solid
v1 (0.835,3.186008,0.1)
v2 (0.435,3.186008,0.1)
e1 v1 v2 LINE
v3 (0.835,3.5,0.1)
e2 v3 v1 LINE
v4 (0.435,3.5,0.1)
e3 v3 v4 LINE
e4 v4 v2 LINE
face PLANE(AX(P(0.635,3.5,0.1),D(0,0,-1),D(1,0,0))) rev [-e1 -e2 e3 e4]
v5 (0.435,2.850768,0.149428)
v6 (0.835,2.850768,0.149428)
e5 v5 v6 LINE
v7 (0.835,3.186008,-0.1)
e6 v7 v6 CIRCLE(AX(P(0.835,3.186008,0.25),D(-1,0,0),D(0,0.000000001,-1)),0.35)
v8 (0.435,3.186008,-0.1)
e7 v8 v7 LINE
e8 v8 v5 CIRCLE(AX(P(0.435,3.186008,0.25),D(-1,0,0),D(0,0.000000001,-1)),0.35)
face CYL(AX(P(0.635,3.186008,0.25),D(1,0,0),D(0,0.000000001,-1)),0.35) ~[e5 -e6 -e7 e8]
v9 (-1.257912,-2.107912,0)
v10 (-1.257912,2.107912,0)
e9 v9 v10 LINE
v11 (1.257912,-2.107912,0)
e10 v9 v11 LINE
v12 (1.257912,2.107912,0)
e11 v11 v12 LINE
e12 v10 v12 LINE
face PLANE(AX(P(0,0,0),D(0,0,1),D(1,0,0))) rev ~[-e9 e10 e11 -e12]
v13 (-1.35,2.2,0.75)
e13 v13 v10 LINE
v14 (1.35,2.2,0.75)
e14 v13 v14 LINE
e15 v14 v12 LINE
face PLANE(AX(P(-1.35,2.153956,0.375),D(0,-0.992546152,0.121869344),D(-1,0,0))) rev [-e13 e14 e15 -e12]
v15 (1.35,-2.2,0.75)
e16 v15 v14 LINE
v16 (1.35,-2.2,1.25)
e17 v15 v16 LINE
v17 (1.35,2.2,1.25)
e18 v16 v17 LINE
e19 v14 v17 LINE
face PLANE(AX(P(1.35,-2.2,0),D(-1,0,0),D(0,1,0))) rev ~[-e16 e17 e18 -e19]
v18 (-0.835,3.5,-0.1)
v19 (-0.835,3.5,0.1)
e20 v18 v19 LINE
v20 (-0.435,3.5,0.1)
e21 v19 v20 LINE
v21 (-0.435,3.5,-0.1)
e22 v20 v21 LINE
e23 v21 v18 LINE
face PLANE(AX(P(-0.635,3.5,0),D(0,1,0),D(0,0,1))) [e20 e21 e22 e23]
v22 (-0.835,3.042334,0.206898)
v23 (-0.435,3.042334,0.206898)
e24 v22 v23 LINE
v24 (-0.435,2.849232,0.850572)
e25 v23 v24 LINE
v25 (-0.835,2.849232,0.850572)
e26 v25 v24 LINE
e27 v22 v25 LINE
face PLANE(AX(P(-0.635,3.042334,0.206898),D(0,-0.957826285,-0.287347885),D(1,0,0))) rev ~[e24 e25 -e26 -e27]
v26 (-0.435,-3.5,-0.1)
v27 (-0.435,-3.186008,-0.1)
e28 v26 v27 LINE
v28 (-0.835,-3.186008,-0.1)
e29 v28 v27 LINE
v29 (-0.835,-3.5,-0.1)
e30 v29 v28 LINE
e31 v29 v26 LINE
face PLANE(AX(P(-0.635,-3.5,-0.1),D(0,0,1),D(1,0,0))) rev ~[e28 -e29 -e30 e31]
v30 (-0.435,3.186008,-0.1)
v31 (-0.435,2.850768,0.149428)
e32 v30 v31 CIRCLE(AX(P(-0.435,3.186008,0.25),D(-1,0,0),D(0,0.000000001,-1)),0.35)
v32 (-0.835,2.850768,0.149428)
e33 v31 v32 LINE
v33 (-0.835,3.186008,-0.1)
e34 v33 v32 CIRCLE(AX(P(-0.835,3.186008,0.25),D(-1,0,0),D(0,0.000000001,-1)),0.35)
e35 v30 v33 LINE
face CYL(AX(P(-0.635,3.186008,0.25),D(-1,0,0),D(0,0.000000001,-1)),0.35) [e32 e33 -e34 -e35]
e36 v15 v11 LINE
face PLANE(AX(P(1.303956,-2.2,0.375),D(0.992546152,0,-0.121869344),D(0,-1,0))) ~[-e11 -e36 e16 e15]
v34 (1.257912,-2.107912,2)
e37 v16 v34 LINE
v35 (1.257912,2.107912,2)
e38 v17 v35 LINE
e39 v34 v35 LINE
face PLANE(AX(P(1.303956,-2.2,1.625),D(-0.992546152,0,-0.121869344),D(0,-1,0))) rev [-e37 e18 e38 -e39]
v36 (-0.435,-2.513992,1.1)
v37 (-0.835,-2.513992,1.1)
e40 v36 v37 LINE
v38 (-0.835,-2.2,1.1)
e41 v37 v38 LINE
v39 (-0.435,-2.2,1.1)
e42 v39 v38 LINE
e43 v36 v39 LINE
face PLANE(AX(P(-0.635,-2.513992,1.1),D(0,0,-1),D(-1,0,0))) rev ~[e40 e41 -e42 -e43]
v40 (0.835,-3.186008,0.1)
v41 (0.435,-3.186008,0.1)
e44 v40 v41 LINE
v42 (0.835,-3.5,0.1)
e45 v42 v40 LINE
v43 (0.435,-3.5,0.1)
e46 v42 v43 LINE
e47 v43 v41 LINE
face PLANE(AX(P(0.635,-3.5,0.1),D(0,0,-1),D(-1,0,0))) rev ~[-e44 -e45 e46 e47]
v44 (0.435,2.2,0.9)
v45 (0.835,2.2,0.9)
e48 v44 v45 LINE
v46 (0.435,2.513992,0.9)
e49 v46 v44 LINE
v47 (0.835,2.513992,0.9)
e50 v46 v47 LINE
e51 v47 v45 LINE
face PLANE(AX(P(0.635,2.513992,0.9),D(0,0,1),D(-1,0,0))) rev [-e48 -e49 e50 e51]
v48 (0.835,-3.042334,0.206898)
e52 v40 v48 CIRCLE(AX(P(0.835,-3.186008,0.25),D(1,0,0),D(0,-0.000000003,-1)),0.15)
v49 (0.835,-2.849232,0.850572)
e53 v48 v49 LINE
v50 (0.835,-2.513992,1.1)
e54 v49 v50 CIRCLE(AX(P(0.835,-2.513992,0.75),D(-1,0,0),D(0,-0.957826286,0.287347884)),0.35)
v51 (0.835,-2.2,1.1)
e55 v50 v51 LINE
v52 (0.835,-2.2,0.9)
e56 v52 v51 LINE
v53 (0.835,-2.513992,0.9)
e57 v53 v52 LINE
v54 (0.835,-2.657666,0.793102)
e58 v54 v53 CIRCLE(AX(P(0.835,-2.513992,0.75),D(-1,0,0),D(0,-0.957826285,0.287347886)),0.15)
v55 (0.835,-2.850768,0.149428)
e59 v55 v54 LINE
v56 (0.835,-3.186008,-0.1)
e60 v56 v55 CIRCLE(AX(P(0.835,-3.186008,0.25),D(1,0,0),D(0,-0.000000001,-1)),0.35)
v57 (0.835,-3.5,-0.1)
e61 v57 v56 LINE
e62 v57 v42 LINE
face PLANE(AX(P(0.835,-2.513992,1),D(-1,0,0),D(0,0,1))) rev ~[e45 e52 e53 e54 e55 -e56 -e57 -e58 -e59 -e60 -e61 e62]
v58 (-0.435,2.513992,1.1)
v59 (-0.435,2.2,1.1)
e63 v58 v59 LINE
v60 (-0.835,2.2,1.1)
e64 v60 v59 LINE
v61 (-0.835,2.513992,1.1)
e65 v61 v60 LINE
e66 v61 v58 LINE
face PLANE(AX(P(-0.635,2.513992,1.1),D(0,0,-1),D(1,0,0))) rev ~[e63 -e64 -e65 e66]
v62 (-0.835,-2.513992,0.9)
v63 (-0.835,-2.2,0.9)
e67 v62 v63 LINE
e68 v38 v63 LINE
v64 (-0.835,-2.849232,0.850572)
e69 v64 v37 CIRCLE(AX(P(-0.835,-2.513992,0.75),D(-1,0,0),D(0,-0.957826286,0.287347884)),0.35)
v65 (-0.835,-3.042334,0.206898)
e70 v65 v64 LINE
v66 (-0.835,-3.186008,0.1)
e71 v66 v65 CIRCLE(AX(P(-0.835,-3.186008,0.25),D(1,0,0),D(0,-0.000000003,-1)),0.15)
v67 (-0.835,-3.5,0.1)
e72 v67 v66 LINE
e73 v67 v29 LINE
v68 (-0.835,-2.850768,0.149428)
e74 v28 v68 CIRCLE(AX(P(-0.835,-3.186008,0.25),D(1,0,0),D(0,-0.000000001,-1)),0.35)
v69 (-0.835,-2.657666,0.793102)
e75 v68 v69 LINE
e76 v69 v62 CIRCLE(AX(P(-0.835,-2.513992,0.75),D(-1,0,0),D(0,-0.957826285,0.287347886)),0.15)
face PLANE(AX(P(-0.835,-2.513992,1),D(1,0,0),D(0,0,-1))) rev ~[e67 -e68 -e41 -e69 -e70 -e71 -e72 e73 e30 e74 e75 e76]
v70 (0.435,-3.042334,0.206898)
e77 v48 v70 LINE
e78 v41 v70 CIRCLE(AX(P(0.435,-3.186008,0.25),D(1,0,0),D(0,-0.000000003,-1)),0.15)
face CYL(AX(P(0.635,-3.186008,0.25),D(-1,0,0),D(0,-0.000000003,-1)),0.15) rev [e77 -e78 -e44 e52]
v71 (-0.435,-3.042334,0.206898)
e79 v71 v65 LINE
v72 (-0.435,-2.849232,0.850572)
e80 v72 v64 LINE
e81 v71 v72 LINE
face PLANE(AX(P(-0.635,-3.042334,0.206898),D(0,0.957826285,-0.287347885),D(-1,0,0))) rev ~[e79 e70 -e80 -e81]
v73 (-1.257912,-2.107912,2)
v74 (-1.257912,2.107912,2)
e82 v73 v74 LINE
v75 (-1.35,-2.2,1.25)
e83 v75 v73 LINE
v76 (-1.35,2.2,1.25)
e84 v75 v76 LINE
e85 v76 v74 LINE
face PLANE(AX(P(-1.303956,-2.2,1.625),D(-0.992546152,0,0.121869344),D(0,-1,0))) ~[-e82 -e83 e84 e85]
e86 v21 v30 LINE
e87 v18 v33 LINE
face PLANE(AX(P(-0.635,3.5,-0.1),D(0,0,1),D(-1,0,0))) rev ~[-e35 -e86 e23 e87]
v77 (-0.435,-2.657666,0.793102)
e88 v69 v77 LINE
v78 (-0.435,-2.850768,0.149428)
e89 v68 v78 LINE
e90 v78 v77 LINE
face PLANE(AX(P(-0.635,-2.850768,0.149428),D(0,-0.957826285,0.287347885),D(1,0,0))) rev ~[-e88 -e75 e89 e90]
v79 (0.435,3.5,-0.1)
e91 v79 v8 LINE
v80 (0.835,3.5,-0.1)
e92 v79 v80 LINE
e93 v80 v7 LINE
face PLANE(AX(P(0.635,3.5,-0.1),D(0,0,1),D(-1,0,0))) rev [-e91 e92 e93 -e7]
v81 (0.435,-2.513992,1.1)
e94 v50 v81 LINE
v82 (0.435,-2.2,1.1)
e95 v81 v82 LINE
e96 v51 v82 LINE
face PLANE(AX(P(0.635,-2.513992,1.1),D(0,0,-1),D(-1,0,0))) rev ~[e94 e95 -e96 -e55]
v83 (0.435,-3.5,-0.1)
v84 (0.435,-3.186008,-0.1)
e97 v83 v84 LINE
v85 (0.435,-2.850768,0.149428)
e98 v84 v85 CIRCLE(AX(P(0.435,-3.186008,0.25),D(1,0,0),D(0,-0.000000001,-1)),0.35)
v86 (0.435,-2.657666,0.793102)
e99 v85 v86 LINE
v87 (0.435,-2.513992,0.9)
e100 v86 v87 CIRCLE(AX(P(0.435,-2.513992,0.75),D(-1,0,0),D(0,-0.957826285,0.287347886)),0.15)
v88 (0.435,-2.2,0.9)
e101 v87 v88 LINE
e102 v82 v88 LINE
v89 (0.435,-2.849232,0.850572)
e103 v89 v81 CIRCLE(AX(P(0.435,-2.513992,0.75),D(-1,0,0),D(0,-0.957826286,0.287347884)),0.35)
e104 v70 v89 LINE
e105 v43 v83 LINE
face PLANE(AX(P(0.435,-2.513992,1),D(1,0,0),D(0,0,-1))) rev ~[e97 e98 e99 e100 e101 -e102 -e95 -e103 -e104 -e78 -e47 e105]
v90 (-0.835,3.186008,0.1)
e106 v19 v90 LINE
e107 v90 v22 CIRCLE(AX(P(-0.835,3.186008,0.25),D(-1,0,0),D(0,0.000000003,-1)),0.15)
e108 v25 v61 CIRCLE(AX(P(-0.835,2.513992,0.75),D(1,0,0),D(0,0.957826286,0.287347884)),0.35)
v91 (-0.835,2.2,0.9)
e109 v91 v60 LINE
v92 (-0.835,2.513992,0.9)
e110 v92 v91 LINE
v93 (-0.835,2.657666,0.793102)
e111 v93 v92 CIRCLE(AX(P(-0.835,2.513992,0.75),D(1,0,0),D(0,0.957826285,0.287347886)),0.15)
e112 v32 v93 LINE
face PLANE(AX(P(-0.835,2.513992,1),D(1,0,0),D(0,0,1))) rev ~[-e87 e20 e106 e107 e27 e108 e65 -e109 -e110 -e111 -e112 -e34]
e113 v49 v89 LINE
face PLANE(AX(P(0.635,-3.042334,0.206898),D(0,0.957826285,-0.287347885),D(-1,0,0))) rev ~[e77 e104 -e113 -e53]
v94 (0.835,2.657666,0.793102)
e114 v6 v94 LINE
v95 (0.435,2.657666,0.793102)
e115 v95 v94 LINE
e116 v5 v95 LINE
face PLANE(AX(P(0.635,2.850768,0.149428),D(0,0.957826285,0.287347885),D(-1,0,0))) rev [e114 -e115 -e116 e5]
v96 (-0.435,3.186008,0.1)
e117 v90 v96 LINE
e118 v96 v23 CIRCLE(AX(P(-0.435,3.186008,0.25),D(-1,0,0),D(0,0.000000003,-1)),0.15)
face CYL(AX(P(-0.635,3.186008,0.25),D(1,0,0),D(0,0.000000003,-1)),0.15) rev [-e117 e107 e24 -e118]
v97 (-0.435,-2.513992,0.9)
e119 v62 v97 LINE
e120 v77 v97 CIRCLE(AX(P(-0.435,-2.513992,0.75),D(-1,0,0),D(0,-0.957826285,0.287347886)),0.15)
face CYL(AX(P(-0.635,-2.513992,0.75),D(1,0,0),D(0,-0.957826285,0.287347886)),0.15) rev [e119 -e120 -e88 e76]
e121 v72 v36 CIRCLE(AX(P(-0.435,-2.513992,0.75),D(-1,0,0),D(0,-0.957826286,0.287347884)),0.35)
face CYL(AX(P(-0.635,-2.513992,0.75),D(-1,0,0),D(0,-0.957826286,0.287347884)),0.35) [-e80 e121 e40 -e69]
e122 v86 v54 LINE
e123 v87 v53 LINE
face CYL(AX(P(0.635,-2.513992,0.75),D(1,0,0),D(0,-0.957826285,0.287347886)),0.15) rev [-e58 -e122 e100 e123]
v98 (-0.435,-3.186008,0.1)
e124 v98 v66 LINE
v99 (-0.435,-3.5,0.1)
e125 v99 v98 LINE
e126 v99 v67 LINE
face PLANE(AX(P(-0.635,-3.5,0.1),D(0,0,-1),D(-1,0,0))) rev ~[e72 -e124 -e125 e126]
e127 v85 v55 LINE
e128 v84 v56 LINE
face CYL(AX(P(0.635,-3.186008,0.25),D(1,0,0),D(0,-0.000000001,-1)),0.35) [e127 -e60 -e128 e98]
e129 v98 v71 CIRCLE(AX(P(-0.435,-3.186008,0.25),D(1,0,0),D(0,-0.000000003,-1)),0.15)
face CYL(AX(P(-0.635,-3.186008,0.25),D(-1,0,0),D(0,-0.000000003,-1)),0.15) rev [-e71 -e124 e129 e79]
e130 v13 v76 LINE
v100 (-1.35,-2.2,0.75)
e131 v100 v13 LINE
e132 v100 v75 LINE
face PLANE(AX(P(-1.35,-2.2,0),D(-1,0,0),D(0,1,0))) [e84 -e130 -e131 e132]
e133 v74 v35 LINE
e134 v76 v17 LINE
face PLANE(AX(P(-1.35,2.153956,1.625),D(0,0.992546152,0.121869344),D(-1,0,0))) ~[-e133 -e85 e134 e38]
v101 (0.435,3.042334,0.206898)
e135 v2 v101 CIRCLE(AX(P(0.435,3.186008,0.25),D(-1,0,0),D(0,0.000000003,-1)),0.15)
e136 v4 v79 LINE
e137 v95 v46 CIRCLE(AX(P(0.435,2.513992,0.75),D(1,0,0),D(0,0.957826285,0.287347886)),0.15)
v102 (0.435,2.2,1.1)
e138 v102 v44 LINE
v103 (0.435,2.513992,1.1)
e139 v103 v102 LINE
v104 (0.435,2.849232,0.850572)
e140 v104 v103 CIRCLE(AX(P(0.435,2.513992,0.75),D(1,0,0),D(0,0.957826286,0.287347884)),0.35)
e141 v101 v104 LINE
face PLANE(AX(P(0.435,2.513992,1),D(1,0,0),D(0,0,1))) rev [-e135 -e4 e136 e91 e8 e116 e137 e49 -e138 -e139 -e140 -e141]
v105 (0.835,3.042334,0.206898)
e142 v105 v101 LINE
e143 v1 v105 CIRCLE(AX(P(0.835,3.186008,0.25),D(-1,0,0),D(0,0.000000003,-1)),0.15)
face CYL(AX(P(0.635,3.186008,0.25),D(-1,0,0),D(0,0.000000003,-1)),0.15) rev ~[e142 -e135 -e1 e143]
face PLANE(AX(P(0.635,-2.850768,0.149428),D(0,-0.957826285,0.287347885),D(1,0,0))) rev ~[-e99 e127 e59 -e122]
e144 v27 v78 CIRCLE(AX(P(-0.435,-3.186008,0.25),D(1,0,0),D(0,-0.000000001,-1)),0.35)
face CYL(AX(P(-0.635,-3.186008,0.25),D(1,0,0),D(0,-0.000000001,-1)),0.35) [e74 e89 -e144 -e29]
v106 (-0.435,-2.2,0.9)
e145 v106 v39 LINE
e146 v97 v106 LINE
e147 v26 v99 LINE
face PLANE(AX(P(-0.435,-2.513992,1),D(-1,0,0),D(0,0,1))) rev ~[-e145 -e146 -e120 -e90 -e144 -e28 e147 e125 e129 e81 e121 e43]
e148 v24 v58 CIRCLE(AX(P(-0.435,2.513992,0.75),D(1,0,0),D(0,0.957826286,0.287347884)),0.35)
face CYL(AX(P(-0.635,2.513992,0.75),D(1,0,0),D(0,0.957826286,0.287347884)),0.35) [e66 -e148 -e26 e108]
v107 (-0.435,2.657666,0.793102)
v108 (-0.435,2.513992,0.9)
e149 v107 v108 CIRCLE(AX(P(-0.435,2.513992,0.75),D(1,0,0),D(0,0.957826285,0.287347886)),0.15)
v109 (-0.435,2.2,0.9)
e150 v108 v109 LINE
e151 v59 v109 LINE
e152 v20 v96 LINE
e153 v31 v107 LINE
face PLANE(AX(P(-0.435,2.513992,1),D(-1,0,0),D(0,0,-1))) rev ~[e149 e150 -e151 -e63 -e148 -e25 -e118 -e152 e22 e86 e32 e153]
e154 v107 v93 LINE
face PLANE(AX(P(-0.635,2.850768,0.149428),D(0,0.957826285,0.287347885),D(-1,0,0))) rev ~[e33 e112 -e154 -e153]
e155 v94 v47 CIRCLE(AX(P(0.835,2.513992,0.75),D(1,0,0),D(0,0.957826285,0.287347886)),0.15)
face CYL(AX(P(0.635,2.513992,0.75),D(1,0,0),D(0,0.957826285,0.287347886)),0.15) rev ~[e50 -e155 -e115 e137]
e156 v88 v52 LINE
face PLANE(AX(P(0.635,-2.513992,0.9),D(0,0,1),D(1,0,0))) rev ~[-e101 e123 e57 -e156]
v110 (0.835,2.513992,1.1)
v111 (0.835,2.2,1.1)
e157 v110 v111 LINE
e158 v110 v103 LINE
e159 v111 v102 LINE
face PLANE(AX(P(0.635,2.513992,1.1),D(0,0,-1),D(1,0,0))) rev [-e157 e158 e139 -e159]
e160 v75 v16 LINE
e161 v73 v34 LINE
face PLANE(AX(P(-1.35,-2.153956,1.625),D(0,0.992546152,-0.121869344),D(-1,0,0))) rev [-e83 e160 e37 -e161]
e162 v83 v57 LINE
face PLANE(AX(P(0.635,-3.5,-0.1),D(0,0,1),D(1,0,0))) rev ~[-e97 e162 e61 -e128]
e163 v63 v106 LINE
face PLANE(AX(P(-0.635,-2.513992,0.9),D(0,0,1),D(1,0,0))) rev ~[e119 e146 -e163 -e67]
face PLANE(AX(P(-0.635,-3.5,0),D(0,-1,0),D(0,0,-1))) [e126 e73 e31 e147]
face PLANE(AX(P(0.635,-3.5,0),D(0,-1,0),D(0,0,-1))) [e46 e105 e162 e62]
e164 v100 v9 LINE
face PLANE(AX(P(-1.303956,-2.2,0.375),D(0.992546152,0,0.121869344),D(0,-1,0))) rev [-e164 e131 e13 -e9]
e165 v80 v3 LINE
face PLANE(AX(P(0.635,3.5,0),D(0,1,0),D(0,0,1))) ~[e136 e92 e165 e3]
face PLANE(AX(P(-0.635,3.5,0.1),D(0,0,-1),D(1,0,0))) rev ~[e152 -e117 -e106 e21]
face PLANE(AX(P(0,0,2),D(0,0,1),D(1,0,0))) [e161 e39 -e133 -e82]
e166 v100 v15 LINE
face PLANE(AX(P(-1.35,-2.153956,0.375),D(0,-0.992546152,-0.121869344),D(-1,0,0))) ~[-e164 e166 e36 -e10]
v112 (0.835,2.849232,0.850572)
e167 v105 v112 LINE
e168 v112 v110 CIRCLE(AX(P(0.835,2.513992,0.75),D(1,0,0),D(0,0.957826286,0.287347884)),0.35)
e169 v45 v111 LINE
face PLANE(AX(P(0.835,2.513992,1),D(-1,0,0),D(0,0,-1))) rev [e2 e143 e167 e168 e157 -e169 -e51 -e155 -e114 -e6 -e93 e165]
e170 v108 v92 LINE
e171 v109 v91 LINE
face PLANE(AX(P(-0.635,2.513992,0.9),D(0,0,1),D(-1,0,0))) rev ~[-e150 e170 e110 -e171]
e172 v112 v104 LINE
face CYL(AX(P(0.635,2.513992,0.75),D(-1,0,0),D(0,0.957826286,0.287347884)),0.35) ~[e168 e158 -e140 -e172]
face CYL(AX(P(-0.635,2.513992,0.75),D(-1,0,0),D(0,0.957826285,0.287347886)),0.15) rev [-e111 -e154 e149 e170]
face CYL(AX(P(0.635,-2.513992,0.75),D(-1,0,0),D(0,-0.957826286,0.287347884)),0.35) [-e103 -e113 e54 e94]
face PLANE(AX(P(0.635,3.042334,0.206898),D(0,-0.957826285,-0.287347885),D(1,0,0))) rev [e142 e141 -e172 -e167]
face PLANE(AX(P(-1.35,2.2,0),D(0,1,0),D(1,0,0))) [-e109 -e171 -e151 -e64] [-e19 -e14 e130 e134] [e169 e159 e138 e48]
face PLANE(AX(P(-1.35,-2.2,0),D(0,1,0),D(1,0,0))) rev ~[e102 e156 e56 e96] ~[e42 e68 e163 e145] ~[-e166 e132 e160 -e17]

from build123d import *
from OCP.BRepFilletAPI import BRepFilletAPI_MakeChamfer

# Parameters (mm, degrees)
SKETCH_1_W               = 2.7
SKETCH_1_H               = 4.4
EXTRUDE_1_DEPTH          = 2
CHAMFER_1_SIZE           = 0.75
CHAMFER_1_SIZE2          = 0.092088421
SKETCH_2_W               = 0.4
SKETCH_2_H               = 0.2
PATTERN_LINEAR_1_COUNT   = 2
PATTERN_LINEAR_1_PITCH   = 1.27
MIRROR_1_COPY_1_SKETCH_W = 0.4
MIRROR_1_COPY_1_SKETCH_H = 0.2


with BuildPart() as part:
    # 草图1 → 凸台-拉伸1 (new body)
    with BuildSketch(Plane.XY):
        Rectangle(SKETCH_1_W, SKETCH_1_H)
    extrude(amount=EXTRUDE_1_DEPTH)

    # 倒角1: one chamfer whose edges measure the first distance from different faces: ONE call of the kernel's chamfer builder (chamfer() names one face for all edges)
    chamfer_1_edges_1 = [part.edges().sort_by_distance(p)[0] for p in [
        (-1.35, 0, 2),
        (-1.35, 0, 0),
    ]]
    chamfer_1_side_1 = [part.faces().sort_by_distance(p)[0] for p in [
        (-1.35, 0, 1),
    ]]
    chamfer_1_edges_2 = [part.edges().sort_by_distance(p)[0] for p in [
        (0, -2.2, 2),
        (0, -2.2, 0),
    ]]
    chamfer_1_side_2 = [part.faces().sort_by_distance(p)[0] for p in [
        (0, -2.2, 1),
    ]]
    chamfer_1_edges_3 = [part.edges().sort_by_distance(p)[0] for p in [
        (1.35, 0, 2),
        (1.35, 0, 0),
    ]]
    chamfer_1_side_3 = [part.faces().sort_by_distance(p)[0] for p in [
        (1.35, 0, 1),
    ]]
    chamfer_1_edges_4 = [part.edges().sort_by_distance(p)[0] for p in [
        (0, 2.2, 0),
        (0, 2.2, 2),
    ]]
    chamfer_1_side_4 = [part.faces().sort_by_distance(p)[0] for p in [
        (0, 2.2, 1),
    ]]
    chamfer_1 = BRepFilletAPI_MakeChamfer(part.part.solid().wrapped)
    for e in chamfer_1_edges_1:
        chamfer_1.Add(CHAMFER_1_SIZE, CHAMFER_1_SIZE2, e.wrapped, chamfer_1_side_1[0].wrapped)  # the first distance lies on this face
    for e in chamfer_1_edges_2:
        chamfer_1.Add(CHAMFER_1_SIZE, CHAMFER_1_SIZE2, e.wrapped, chamfer_1_side_2[0].wrapped)  # the first distance lies on this face
    for e in chamfer_1_edges_3:
        chamfer_1.Add(CHAMFER_1_SIZE, CHAMFER_1_SIZE2, e.wrapped, chamfer_1_side_3[0].wrapped)  # the first distance lies on this face
    for e in chamfer_1_edges_4:
        chamfer_1.Add(CHAMFER_1_SIZE, CHAMFER_1_SIZE2, e.wrapped, chamfer_1_side_4[0].wrapped)  # the first distance lies on this face
    add(Compound.cast(chamfer_1.Shape()), mode=Mode.REPLACE)

    # 扫描1: sweep along a path in 草图3
    with BuildLine(Plane(origin=(0, 0, 0), x_dir=(0, 0, -1), z_dir=(1, 0, 0))) as sweep_1_path:
        Line((0, -3.5), (0, -3.186007663))
        ThreePointArc((0, -3.186007663), (-0.049426768, -3.03677503), (-0.178163029, -2.946551091))
        Line((-0.178163029, -2.946551091), (-0.821836971, -2.753448909))
        ThreePointArc((-0.821836971, -2.753448909), (-0.950573232, -2.66322497), (-1, -2.513992337))
        Line((-1, -2.513992337), (-1, -2.2))
    # 草图2 → 扫描1 (sweep)
    with BuildSketch(Plane.XZ.offset(2.2)):
        with Locations((0.635, 1)):
            Rectangle(SKETCH_2_W, SKETCH_2_H)
    sweep_1 = sweep(path=sweep_1_path.line)

    # 阵列(线性)1: 扫描1 ×2
    with Locations(*[(-i * PATTERN_LINEAR_1_PITCH, 0, 0) for i in range(1, PATTERN_LINEAR_1_COUNT)]):
        add(sweep_1)

    # 镜向1: 扫描1 across plane
    add(sweep_1.mirror(Plane.ZX))

    # 镜向1 copy 1: sweep along a path in 镜向1 copy 1 path
    with BuildLine(Plane(origin=(-1.27, 0, 0), x_dir=(0, 0, -1), z_dir=(1, 0, 0))) as mirror_1_copy_1_path:
        Line((0, 3.5), (0, 3.186007663))
        ThreePointArc((0, 3.186007663), (-0.049426768, 3.03677503), (-0.178163029, 2.946551091))
        Line((-0.178163029, 2.946551091), (-0.821836971, 2.753448909))
        ThreePointArc((-0.821836971, 2.753448909), (-0.950573232, 2.66322497), (-1, 2.513992337))
        Line((-1, 2.513992337), (-1, 2.2))
    # 镜向1 copy 1 sketch → 镜向1 copy 1 (sweep)
    with BuildSketch(Plane(origin=(-1.27, 2.2, 0), x_dir=(1, 0, 0), z_dir=(0, 1, 0))):
        with Locations((0.635, -1)):
            Rectangle(MIRROR_1_COPY_1_SKETCH_W, MIRROR_1_COPY_1_SKETCH_H)
    sweep(path=mirror_1_copy_1_path.line)


solid = part.part
